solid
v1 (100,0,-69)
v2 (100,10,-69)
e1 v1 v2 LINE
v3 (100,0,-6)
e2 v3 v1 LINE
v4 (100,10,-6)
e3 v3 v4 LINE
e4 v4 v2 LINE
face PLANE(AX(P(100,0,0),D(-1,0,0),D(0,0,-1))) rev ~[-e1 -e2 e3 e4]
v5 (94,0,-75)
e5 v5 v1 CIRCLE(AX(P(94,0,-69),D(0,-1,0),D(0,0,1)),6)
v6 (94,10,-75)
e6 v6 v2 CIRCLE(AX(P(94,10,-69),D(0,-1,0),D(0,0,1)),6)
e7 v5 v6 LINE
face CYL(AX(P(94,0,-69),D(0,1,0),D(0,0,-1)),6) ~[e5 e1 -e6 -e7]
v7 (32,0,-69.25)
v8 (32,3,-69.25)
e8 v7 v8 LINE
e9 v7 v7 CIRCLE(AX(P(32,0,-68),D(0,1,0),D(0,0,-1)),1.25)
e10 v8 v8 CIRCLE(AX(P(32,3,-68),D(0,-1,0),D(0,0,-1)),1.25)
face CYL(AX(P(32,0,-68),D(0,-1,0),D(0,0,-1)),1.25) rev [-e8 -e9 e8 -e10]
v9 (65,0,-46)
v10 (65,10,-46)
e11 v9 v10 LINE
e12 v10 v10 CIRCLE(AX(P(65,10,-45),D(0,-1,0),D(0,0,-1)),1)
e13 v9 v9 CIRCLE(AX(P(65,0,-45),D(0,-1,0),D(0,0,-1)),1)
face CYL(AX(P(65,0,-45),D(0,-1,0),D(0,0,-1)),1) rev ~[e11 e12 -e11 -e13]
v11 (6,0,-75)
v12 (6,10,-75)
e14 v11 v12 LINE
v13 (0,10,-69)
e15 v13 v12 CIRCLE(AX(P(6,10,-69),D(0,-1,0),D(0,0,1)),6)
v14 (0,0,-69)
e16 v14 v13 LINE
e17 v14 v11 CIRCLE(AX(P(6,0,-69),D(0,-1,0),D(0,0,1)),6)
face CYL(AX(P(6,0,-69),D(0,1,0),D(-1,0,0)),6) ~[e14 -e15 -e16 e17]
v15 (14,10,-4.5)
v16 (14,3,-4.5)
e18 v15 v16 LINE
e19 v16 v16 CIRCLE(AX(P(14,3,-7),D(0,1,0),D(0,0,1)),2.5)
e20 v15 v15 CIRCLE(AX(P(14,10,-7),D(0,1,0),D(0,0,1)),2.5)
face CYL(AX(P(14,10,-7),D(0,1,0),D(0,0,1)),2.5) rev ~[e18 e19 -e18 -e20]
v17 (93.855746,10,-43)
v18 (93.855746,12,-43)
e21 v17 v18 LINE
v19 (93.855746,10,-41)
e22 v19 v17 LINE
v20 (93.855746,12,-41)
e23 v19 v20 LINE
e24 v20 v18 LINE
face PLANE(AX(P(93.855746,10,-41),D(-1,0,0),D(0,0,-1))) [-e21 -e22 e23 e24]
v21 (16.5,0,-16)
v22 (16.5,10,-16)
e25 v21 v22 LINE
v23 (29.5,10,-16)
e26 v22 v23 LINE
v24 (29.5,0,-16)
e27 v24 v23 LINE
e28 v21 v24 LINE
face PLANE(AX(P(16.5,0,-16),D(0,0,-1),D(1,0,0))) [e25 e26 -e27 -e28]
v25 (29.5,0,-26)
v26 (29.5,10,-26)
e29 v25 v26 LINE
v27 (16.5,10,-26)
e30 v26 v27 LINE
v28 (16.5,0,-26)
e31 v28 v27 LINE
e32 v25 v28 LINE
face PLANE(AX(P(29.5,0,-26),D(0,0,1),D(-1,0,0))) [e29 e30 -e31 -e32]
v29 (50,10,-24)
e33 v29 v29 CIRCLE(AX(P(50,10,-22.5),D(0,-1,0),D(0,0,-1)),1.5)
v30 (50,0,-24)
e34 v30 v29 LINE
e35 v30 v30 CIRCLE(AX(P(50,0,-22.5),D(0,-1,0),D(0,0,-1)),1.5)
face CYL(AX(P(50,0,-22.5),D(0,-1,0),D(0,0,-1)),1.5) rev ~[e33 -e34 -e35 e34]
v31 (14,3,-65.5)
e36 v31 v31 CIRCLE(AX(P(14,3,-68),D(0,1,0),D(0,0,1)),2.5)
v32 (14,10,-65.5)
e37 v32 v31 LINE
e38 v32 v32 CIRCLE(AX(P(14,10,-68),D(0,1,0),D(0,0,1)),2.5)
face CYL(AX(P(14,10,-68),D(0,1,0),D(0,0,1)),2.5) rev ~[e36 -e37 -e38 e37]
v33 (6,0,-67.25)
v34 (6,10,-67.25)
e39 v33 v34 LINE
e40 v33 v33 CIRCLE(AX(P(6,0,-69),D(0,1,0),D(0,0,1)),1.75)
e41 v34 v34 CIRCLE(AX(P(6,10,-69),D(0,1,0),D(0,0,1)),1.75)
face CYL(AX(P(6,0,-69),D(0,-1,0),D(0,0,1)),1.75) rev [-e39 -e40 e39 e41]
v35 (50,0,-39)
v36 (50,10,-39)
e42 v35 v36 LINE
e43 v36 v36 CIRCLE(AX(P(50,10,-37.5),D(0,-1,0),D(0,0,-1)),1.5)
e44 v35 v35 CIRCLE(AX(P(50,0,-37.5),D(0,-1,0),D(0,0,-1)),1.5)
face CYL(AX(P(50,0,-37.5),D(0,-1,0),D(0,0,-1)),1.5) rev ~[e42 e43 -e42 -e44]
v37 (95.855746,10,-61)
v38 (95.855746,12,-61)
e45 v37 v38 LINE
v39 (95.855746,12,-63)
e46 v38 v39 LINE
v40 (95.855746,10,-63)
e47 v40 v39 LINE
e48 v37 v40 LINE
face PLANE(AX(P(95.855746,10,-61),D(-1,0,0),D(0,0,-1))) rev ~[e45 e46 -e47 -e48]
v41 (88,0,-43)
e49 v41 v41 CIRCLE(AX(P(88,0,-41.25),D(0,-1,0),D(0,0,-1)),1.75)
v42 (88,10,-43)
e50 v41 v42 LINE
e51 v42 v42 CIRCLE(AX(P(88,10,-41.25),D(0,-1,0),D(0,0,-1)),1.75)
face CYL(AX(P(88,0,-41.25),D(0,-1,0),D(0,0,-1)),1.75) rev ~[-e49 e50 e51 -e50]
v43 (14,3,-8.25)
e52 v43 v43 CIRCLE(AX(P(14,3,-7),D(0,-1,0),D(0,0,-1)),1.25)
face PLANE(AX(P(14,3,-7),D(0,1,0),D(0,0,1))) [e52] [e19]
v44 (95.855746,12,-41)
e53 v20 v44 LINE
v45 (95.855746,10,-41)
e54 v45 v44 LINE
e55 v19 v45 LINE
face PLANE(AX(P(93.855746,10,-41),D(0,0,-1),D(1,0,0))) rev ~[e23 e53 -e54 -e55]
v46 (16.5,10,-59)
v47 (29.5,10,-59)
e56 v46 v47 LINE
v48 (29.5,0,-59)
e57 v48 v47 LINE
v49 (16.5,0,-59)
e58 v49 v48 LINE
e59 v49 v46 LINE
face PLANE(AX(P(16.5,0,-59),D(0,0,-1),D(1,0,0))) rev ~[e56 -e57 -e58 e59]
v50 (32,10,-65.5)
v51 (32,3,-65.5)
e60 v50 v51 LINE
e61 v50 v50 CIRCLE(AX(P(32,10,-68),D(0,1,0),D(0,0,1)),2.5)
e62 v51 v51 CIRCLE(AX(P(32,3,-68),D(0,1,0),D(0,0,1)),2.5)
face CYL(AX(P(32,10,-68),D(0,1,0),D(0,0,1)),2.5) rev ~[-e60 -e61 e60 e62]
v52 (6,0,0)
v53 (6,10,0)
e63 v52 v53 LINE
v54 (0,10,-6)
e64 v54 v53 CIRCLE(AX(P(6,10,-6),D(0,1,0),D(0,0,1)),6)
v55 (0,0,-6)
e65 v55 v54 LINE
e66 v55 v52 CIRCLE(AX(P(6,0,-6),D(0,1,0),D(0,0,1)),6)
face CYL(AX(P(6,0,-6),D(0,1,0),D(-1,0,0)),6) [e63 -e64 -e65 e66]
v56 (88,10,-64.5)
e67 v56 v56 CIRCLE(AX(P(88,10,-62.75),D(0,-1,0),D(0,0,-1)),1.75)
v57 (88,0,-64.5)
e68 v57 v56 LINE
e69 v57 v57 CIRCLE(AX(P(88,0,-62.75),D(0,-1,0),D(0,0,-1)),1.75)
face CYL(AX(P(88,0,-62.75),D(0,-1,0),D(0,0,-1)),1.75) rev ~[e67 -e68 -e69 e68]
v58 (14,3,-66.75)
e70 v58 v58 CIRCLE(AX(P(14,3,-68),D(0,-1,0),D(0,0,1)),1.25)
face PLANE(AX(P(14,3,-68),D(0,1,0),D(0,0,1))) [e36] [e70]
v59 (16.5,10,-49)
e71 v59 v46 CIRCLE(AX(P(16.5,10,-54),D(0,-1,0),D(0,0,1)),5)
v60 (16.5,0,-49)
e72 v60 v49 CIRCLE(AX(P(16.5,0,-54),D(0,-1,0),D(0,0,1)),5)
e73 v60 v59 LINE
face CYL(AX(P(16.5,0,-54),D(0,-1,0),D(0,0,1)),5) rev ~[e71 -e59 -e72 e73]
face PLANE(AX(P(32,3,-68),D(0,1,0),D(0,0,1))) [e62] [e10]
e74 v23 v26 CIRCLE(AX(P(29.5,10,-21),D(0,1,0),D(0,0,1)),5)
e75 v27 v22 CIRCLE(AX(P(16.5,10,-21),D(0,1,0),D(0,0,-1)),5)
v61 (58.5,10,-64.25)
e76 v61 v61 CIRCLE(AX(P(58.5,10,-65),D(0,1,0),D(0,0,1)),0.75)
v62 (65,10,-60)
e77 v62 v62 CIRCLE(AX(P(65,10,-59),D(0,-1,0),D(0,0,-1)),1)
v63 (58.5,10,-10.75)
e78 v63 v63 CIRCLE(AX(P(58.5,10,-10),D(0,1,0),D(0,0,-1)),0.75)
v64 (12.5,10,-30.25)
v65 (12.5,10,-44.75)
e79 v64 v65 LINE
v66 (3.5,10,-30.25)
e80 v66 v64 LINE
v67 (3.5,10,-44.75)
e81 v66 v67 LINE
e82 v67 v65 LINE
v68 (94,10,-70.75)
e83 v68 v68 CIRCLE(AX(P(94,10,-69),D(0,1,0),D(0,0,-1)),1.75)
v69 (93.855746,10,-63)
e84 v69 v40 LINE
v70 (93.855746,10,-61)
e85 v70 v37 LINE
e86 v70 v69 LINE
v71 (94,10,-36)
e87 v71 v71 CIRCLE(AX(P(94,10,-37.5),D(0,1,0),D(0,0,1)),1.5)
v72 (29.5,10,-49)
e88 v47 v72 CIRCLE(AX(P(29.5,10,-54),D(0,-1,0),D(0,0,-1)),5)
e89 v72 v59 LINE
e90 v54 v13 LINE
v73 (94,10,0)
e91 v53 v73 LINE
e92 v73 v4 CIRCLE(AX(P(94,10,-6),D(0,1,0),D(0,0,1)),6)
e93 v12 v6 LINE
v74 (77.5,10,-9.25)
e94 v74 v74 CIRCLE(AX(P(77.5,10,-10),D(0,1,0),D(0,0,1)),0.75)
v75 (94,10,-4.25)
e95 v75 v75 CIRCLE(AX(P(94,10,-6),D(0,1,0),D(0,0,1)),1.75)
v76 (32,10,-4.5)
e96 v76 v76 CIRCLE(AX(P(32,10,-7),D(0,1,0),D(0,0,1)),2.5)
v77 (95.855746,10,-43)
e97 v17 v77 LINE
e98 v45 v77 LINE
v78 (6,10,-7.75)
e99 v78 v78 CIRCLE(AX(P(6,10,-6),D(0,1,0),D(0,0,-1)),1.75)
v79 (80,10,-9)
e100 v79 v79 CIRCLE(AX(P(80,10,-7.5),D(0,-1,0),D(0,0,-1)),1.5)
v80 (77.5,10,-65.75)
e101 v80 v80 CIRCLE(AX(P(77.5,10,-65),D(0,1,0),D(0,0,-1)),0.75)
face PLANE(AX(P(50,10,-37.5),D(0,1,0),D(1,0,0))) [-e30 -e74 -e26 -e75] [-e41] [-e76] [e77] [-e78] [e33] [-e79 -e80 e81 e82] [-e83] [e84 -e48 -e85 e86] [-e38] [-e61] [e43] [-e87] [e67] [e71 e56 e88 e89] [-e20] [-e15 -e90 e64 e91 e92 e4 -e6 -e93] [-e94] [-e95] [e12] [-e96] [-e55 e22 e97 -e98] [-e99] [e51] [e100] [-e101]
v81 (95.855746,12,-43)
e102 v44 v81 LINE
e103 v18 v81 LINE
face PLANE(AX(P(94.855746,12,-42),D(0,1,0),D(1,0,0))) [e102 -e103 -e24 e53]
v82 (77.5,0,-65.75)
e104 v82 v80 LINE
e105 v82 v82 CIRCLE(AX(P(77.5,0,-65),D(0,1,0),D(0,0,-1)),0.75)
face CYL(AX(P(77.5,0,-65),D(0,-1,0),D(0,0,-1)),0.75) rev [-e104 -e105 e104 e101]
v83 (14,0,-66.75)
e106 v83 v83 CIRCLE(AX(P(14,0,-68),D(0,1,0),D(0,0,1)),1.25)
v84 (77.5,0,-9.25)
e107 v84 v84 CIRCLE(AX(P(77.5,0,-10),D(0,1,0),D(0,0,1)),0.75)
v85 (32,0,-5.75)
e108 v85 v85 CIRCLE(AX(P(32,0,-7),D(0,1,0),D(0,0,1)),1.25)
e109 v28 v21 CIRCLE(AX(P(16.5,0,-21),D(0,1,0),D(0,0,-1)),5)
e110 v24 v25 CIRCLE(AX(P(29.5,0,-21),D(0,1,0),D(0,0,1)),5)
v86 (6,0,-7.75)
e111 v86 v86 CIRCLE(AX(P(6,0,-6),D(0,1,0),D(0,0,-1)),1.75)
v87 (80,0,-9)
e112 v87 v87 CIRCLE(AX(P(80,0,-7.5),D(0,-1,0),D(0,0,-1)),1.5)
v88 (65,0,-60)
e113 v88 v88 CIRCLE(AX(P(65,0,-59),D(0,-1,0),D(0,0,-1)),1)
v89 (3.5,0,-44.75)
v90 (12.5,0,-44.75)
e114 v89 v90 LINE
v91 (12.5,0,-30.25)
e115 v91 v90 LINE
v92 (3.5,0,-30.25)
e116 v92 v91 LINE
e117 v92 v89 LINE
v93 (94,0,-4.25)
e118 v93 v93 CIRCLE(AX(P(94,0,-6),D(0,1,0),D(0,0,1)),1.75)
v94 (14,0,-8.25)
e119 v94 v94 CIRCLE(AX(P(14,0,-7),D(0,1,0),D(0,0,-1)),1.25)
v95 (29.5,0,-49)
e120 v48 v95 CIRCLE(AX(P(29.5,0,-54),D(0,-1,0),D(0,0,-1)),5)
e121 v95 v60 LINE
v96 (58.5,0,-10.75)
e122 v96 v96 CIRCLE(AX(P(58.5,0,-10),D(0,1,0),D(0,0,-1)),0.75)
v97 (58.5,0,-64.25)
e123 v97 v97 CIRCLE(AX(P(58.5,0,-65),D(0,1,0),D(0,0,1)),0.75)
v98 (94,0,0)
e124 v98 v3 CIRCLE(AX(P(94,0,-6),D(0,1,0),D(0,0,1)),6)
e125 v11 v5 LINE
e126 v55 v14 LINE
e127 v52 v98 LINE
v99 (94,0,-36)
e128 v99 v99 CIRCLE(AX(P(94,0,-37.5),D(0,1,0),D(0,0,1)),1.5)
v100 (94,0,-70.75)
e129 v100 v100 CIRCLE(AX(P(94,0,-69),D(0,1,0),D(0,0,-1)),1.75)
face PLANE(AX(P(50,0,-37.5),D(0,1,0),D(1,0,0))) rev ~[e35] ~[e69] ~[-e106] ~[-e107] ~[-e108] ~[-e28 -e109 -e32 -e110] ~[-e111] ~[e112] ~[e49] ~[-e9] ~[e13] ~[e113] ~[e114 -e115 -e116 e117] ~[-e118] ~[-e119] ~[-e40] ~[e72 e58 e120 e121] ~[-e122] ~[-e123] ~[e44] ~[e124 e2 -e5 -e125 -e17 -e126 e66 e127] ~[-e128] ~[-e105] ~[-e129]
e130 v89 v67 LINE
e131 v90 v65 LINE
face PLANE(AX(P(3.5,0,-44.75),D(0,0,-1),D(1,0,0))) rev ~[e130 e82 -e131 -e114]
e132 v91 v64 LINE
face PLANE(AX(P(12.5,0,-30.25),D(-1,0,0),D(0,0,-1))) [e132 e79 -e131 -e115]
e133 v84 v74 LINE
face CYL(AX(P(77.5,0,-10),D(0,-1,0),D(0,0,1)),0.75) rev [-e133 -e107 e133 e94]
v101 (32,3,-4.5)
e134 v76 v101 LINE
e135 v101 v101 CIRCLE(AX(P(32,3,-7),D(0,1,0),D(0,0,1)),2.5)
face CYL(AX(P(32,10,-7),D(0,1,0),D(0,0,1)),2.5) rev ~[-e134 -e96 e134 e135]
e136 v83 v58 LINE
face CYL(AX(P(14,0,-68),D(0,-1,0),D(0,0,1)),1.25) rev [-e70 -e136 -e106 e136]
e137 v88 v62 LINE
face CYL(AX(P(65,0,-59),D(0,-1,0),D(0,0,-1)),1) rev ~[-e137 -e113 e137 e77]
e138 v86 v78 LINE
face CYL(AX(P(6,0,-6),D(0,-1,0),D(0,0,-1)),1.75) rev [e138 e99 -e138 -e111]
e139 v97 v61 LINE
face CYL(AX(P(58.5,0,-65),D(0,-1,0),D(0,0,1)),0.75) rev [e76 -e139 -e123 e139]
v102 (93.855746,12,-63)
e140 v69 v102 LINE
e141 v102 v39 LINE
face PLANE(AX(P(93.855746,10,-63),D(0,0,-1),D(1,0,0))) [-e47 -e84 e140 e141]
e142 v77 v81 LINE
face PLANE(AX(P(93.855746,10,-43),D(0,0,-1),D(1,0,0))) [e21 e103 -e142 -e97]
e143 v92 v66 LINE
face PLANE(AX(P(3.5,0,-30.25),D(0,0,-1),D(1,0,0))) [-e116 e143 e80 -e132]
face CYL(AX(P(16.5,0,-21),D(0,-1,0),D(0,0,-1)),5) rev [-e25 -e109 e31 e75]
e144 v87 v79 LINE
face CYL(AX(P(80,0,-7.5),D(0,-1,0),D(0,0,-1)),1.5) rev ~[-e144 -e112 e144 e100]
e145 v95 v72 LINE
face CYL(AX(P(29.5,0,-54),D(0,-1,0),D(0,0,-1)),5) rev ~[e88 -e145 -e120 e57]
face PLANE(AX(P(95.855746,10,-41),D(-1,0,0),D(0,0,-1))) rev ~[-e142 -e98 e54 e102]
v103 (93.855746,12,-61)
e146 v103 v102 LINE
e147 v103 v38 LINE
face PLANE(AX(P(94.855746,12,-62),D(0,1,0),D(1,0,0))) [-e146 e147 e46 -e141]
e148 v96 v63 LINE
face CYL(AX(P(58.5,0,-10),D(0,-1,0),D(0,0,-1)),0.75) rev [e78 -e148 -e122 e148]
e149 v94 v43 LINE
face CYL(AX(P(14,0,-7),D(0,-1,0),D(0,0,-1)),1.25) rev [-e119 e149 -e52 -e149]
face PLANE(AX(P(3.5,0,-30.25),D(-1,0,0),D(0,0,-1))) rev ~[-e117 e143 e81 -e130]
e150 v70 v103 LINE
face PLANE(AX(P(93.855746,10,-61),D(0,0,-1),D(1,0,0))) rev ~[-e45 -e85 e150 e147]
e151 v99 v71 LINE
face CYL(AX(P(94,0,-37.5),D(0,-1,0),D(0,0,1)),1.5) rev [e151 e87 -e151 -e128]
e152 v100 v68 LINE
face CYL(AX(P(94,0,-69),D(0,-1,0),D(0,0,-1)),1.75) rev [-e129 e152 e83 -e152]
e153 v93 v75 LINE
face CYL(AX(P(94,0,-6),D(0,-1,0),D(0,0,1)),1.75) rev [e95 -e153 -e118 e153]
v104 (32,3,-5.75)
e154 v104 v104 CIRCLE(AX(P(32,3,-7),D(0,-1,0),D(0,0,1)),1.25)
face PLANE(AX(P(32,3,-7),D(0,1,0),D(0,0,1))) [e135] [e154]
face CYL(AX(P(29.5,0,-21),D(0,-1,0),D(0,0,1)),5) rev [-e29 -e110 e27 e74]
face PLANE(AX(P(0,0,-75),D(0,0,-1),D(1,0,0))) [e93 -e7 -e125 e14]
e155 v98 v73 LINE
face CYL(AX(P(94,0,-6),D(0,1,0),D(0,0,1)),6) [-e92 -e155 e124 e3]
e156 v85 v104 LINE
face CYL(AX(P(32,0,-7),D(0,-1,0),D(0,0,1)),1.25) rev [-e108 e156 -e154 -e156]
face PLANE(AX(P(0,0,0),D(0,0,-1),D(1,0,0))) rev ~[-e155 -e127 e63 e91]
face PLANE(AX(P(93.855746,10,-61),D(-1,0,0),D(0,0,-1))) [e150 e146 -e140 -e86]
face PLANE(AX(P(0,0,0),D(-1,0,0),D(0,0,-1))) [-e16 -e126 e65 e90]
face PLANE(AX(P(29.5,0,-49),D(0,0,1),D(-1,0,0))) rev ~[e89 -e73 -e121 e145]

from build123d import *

# Parameters (mm, degrees)
SKETCH_1_W          = 100
SKETCH_1_H          = 75
SKETCH_1_R          = 1.75
SKETCH_1_R_2        = 1.25
SKETCH_1_R_3        = 0.75
SKETCH_1_R_4        = 1.5
SKETCH_1_W_2        = 9
SKETCH_1_H_2        = 14.5
EXTRUDE_1_DEPTH     = 10
FILLET_5_R          = 6
CUT_EXTRUDE_1_REACH = 127.399
SKETCH_2_R          = 1.5
SKETCH_2_R_2        = 1.75
SKETCH_2_R_3        = 1
SKETCH_3_R          = 2.5
CUT_EXTRUDE_2_DEPTH = 7
SKETCH_4_W          = 2
SKETCH_4_H          = 2
EXTRUDE_2_DEPTH     = 2


with BuildPart() as part:
    # Эскиз1 → Бобышка-Вытянуть1 (new body)
    with BuildSketch(Plane(origin=(0, 0, 0), x_dir=(1, 0, 0), z_dir=(0, 1, 0))):
        with Locations((50, 37.5)):
            Rectangle(SKETCH_1_W, SKETCH_1_H)
        with Locations(Location((6, 69, 0), (0, 0, 270))):
            Circle(SKETCH_1_R, mode=Mode.SUBTRACT)
        with Locations(Location((94, 69, 0), (0, 0, 90))):
            Circle(SKETCH_1_R, mode=Mode.SUBTRACT)
        with Locations(Location((94, 6, 0), (0, 0, 270))):
            Circle(SKETCH_1_R, mode=Mode.SUBTRACT)
        with Locations(Location((6, 6, 0), (0, 0, 90))):
            Circle(SKETCH_1_R, mode=Mode.SUBTRACT)
        with Locations(Location((14, 68, 0), (0, 0, 270))):
            Circle(SKETCH_1_R_2, mode=Mode.SUBTRACT)
        with Locations(Location((32, 68, 0), (0, 0, 90))):
            Circle(SKETCH_1_R_2, mode=Mode.SUBTRACT)
        with Locations(Location((32, 7, 0), (0, 0, 270))):
            Circle(SKETCH_1_R_2, mode=Mode.SUBTRACT)
        with Locations(Location((14, 7, 0), (0, 0, 90))):
            Circle(SKETCH_1_R_2, mode=Mode.SUBTRACT)
        with Locations(Location((58.5, 65, 0), (0, 0, 270))):
            Circle(SKETCH_1_R_3, mode=Mode.SUBTRACT)
        with Locations(Location((77.5, 65, 0), (0, 0, 90))):
            Circle(SKETCH_1_R_3, mode=Mode.SUBTRACT)
        with Locations(Location((77.5, 10, 0), (0, 0, 270))):
            Circle(SKETCH_1_R_3, mode=Mode.SUBTRACT)
        with Locations(Location((58.5, 10, 0), (0, 0, 90))):
            Circle(SKETCH_1_R_3, mode=Mode.SUBTRACT)
        with Locations(Location((94, 37.5, 0), (0, 0, 270))):
            Circle(SKETCH_1_R_4, mode=Mode.SUBTRACT)
        with BuildLine():
            Line((16.5, 59), (29.5, 59))
            ThreePointArc((29.5, 59), (34.5, 54), (29.5, 49))
            Line((29.5, 49), (16.5, 49))
            ThreePointArc((16.5, 49), (11.5, 54), (16.5, 59))
        make_face(mode=Mode.SUBTRACT)
        with BuildLine():
            Line((16.5, 16), (29.5, 16))
            ThreePointArc((29.5, 16), (34.5, 21), (29.5, 26))
            Line((29.5, 26), (16.5, 26))
            ThreePointArc((16.5, 26), (11.5, 21), (16.5, 16))
        make_face(mode=Mode.SUBTRACT)
        with Locations((8, 37.5)):
            Rectangle(SKETCH_1_W_2, SKETCH_1_H_2, mode=Mode.SUBTRACT)
    extrude(amount=EXTRUDE_1_DEPTH)

    # Скругление5
    fillet_5_edges = [part.edges().sort_by_distance(p)[0] for p in [
        (0, 5, -75),
        (100, 5, -75),
        (100, 5, 0),
        (0, 5, 0),
    ]]
    fillet(fillet_5_edges, radius=FILLET_5_R)

    # Эскиз2 → Вырез-Вытянуть1 (cut, up to next)
    with BuildSketch(Plane.XZ, mode=Mode.PRIVATE) as cut_extrude_1_sk1:
        with Locations(Location((80, -7.5, 0), (0, 0, 270))):
            Circle(SKETCH_2_R)
    cut_extrude_1_tool1 = extrude(cut_extrude_1_sk1.sketch, amount=-CUT_EXTRUDE_1_REACH, mode=Mode.PRIVATE) & part.part
    # Эскиз2 → Вырез-Вытянуть1 (cut, up to next)
    with BuildSketch(Plane.XZ, mode=Mode.PRIVATE) as cut_extrude_1_sk2:
        with Locations(Location((50, -37.5, 0), (0, 0, 270))):
            Circle(SKETCH_2_R)
    cut_extrude_1_tool2 = extrude(cut_extrude_1_sk2.sketch, amount=-CUT_EXTRUDE_1_REACH, mode=Mode.PRIVATE) & part.part
    # Эскиз2 → Вырез-Вытянуть1 (cut, up to next)
    with BuildSketch(Plane.XZ, mode=Mode.PRIVATE) as cut_extrude_1_sk3:
        with Locations(Location((88, -62.75, 0), (0, 0, 270))):
            Circle(SKETCH_2_R_2)
    cut_extrude_1_tool3 = extrude(cut_extrude_1_sk3.sketch, amount=-CUT_EXTRUDE_1_REACH, mode=Mode.PRIVATE) & part.part
    # Эскиз2 → Вырез-Вытянуть1 (cut, up to next)
    with BuildSketch(Plane.XZ, mode=Mode.PRIVATE) as cut_extrude_1_sk4:
        with Locations(Location((88, -41.25, 0), (0, 0, 270))):
            Circle(SKETCH_2_R_2)
    cut_extrude_1_tool4 = extrude(cut_extrude_1_sk4.sketch, amount=-CUT_EXTRUDE_1_REACH, mode=Mode.PRIVATE) & part.part
    # Эскиз2 → Вырез-Вытянуть1 (cut, up to next)
    with BuildSketch(Plane.XZ, mode=Mode.PRIVATE) as cut_extrude_1_sk5:
        with Locations(Location((50, -22.5, 0), (0, 0, 270))):
            Circle(SKETCH_2_R)
    cut_extrude_1_tool5 = extrude(cut_extrude_1_sk5.sketch, amount=-CUT_EXTRUDE_1_REACH, mode=Mode.PRIVATE) & part.part
    # Эскиз2 → Вырез-Вытянуть1 (cut, up to next)
    with BuildSketch(Plane.XZ, mode=Mode.PRIVATE) as cut_extrude_1_sk6:
        with Locations(Location((65, -59, 0), (0, 0, 270))):
            Circle(SKETCH_2_R_3)
    cut_extrude_1_tool6 = extrude(cut_extrude_1_sk6.sketch, amount=-CUT_EXTRUDE_1_REACH, mode=Mode.PRIVATE) & part.part
    # Эскиз2 → Вырез-Вытянуть1 (cut, up to next)
    with BuildSketch(Plane.XZ, mode=Mode.PRIVATE) as cut_extrude_1_sk7:
        with Locations(Location((65, -45, 0), (0, 0, 270))):
            Circle(SKETCH_2_R_3)
    cut_extrude_1_tool7 = extrude(cut_extrude_1_sk7.sketch, amount=-CUT_EXTRUDE_1_REACH, mode=Mode.PRIVATE) & part.part
    add(cut_extrude_1_tool1.solids().sort_by_distance((80, 0, -7.5))[0], mode=Mode.SUBTRACT)
    add(cut_extrude_1_tool2.solids().sort_by_distance((50, 0, -37.5))[0], mode=Mode.SUBTRACT)
    add(cut_extrude_1_tool3.solids().sort_by_distance((88, 0, -62.75))[0], mode=Mode.SUBTRACT)
    add(cut_extrude_1_tool4.solids().sort_by_distance((88, 0, -41.25))[0], mode=Mode.SUBTRACT)
    add(cut_extrude_1_tool5.solids().sort_by_distance((50, 0, -22.5))[0], mode=Mode.SUBTRACT)
    add(cut_extrude_1_tool6.solids().sort_by_distance((65, 0, -59))[0], mode=Mode.SUBTRACT)
    add(cut_extrude_1_tool7.solids().sort_by_distance((65, 0, -45))[0], mode=Mode.SUBTRACT)

    # Эскиз3 → Вырез-Вытянуть2 (cut)
    with BuildSketch(Plane(origin=(0, 10, 0), x_dir=(1, 0, 0), z_dir=(0, 1, 0))):
        with Locations(Location((14, 68, 0), (0, 0, 270))):
            Circle(SKETCH_3_R)
        with Locations(Location((32, 68, 0), (0, 0, 270))):
            Circle(SKETCH_3_R)
        with Locations(Location((14, 7, 0), (0, 0, 270))):
            Circle(SKETCH_3_R)
        with Locations(Location((32, 7, 0), (0, 0, 270))):
            Circle(SKETCH_3_R)
    extrude(amount=-CUT_EXTRUDE_2_DEPTH, mode=Mode.SUBTRACT)

    # Эскиз4 → Бобышка-Вытянуть2 (add)
    with BuildSketch(Plane(origin=(0, 10, 0), x_dir=(1, 0, 0), z_dir=(0, 1, 0))):
        with Locations((94.855745834, 42)):
            Rectangle(SKETCH_4_W, SKETCH_4_H)
        with Locations((94.855745834, 62)):
            Rectangle(SKETCH_4_W, SKETCH_4_H)
    extrude(amount=EXTRUDE_2_DEPTH)


solid = part.part
